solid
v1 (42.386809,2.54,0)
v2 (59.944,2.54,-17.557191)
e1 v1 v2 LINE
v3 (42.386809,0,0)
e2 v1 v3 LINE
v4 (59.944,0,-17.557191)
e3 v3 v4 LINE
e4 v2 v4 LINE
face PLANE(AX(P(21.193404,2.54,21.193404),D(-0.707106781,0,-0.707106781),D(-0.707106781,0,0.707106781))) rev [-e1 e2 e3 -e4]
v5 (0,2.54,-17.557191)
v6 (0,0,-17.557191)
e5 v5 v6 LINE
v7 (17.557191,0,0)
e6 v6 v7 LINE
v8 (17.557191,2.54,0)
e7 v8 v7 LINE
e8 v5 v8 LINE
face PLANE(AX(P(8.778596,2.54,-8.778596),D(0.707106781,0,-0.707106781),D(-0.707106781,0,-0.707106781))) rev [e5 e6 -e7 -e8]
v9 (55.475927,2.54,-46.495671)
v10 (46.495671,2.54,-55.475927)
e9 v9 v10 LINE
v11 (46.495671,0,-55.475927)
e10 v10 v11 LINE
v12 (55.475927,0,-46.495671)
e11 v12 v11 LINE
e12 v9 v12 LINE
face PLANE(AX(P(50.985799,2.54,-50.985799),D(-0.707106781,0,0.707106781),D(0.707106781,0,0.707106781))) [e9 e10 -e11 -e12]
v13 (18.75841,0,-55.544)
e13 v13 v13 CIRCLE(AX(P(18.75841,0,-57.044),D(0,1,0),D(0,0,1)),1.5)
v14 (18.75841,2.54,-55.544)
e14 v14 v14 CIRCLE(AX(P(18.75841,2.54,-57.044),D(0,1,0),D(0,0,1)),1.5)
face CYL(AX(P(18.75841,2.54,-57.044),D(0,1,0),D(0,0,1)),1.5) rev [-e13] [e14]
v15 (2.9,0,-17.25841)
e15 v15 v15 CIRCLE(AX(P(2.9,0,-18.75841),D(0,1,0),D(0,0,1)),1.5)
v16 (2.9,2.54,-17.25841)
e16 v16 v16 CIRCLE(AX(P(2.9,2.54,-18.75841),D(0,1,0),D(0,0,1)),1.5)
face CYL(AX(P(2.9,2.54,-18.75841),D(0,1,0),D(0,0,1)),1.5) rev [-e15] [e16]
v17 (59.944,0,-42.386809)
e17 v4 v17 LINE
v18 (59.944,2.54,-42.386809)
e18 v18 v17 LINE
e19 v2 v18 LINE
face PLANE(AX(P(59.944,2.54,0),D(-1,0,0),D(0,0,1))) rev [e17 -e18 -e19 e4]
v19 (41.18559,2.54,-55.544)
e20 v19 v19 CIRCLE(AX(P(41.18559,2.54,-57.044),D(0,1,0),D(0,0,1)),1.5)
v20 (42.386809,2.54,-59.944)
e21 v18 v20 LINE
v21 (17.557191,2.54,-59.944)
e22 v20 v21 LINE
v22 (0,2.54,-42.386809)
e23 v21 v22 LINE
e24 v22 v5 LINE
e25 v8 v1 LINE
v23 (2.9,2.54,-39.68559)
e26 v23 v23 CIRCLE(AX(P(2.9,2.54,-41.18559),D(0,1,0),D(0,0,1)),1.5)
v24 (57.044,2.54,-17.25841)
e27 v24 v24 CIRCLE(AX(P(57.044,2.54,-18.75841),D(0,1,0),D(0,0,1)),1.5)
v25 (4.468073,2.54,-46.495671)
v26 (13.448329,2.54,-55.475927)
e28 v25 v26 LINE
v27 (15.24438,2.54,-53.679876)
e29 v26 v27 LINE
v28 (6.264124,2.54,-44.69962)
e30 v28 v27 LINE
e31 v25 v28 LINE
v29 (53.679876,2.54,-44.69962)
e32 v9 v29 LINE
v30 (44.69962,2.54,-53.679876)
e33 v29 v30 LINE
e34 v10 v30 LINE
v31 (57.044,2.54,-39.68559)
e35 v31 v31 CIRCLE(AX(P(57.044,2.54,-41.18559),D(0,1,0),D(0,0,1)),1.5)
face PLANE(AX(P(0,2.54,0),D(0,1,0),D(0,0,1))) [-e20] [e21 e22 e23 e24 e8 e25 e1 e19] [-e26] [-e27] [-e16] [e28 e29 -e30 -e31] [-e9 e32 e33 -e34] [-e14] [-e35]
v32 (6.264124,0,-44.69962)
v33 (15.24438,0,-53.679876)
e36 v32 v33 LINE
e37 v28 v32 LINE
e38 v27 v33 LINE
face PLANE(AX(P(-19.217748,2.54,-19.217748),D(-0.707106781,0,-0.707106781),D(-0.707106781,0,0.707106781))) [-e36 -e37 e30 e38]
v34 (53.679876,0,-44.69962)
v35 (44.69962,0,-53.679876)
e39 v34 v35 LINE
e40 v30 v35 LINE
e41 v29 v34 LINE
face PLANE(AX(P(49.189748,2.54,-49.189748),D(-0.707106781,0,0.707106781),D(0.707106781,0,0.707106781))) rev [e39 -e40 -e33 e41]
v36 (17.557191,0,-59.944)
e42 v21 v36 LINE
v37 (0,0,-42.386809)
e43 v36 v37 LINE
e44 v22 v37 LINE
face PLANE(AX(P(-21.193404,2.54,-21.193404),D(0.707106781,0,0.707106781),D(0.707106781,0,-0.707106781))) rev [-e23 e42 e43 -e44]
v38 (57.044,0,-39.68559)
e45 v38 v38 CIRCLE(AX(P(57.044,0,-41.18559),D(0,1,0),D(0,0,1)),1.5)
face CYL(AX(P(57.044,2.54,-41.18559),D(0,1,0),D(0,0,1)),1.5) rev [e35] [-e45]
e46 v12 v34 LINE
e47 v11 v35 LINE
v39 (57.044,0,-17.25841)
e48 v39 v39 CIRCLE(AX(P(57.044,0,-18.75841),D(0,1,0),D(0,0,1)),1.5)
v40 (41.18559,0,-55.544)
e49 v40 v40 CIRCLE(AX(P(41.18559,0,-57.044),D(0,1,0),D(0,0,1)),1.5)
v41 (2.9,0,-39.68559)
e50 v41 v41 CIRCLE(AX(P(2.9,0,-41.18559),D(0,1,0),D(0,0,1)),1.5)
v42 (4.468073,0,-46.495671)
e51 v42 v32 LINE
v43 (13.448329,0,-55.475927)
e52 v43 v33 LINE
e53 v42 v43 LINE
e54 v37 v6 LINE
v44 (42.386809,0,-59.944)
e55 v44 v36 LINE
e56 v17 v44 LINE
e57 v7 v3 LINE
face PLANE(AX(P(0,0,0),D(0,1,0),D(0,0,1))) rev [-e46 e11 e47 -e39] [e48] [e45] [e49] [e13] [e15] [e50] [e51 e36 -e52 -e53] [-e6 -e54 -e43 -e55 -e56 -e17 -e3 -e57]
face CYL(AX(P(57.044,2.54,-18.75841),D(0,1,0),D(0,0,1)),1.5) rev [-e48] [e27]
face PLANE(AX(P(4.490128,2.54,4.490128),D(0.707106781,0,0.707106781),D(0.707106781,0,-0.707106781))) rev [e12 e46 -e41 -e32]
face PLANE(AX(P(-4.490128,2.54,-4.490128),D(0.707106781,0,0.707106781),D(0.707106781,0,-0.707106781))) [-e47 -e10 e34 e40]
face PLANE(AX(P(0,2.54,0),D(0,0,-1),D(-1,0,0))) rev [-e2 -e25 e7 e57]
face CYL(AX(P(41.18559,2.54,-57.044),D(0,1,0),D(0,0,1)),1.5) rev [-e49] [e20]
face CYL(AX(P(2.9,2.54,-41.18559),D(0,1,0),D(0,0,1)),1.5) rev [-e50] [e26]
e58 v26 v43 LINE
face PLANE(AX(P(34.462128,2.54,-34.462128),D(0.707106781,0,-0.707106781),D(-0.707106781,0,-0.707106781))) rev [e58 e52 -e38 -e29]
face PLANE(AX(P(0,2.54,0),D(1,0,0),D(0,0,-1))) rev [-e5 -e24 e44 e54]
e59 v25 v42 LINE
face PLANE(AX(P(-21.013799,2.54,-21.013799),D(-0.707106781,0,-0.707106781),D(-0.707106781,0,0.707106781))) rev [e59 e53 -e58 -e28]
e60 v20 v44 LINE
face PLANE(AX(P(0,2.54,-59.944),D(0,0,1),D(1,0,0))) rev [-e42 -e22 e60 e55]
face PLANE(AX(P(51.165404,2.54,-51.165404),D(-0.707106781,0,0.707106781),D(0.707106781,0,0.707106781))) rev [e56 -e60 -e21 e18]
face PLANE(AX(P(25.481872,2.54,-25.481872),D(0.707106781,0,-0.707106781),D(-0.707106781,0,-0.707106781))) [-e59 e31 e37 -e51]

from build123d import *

# Parameters (mm, degrees)
BOSS_EXTRUDE1_DEPTH       = 2.54
F_3_0MM_DOWEL_HOLE1_D     = 3
F_3_0MM_DOWEL_HOLE1_DEPTH = 7.999984
F_3_0MM_DOWEL_HOLE1_TIP   = 0.901290929


with BuildPart() as part:
    # Sketch1 → Boss-Extrude1 (new body)
    with BuildSketch(Plane(origin=(0, 0, 0), x_dir=(1, 0, 0), z_dir=(0, 1, 0))):
        Polygon((59.944, 42.386808891), (42.386808891, 59.944), (17.557191109, 59.944), (0, 42.386808891), (0, 17.557191109), (17.557191109, 0), (42.386808891, 0), (59.944, 17.557191109), align=None)
        Polygon((4.468072616, 46.495671263), (6.26412384, 44.699620039), (15.244379961, 53.67987616), (13.448328737, 55.475927384), align=None, mode=Mode.SUBTRACT)
        Polygon((53.67987616, 44.699620039), (44.699620039, 53.67987616), (46.495671263, 55.475927384), (55.475927384, 46.495671263), align=None, mode=Mode.SUBTRACT)
    extrude(amount=BOSS_EXTRUDE1_DEPTH)

    # Ø3.0mm Dowel Hole1
    with Locations(Plane(origin=(0, 2.54, 0), x_dir=(1, 0, 0), z_dir=(0, 1, 0))):
        with Locations((2.9, 18.758410439), (57.044, 18.758410439), (2.9, 41.18558956), (57.044, 41.185589561), (18.758410439, 57.044), (41.185589561, 57.044)):
            Hole(F_3_0MM_DOWEL_HOLE1_D / 2, depth=F_3_0MM_DOWEL_HOLE1_DEPTH)
            with Locations((0, 0, -(F_3_0MM_DOWEL_HOLE1_DEPTH + F_3_0MM_DOWEL_HOLE1_TIP / 2))):  # 118° drill point
                Cone(0, F_3_0MM_DOWEL_HOLE1_D / 2, F_3_0MM_DOWEL_HOLE1_TIP, mode=Mode.SUBTRACT)


solid = part.part
